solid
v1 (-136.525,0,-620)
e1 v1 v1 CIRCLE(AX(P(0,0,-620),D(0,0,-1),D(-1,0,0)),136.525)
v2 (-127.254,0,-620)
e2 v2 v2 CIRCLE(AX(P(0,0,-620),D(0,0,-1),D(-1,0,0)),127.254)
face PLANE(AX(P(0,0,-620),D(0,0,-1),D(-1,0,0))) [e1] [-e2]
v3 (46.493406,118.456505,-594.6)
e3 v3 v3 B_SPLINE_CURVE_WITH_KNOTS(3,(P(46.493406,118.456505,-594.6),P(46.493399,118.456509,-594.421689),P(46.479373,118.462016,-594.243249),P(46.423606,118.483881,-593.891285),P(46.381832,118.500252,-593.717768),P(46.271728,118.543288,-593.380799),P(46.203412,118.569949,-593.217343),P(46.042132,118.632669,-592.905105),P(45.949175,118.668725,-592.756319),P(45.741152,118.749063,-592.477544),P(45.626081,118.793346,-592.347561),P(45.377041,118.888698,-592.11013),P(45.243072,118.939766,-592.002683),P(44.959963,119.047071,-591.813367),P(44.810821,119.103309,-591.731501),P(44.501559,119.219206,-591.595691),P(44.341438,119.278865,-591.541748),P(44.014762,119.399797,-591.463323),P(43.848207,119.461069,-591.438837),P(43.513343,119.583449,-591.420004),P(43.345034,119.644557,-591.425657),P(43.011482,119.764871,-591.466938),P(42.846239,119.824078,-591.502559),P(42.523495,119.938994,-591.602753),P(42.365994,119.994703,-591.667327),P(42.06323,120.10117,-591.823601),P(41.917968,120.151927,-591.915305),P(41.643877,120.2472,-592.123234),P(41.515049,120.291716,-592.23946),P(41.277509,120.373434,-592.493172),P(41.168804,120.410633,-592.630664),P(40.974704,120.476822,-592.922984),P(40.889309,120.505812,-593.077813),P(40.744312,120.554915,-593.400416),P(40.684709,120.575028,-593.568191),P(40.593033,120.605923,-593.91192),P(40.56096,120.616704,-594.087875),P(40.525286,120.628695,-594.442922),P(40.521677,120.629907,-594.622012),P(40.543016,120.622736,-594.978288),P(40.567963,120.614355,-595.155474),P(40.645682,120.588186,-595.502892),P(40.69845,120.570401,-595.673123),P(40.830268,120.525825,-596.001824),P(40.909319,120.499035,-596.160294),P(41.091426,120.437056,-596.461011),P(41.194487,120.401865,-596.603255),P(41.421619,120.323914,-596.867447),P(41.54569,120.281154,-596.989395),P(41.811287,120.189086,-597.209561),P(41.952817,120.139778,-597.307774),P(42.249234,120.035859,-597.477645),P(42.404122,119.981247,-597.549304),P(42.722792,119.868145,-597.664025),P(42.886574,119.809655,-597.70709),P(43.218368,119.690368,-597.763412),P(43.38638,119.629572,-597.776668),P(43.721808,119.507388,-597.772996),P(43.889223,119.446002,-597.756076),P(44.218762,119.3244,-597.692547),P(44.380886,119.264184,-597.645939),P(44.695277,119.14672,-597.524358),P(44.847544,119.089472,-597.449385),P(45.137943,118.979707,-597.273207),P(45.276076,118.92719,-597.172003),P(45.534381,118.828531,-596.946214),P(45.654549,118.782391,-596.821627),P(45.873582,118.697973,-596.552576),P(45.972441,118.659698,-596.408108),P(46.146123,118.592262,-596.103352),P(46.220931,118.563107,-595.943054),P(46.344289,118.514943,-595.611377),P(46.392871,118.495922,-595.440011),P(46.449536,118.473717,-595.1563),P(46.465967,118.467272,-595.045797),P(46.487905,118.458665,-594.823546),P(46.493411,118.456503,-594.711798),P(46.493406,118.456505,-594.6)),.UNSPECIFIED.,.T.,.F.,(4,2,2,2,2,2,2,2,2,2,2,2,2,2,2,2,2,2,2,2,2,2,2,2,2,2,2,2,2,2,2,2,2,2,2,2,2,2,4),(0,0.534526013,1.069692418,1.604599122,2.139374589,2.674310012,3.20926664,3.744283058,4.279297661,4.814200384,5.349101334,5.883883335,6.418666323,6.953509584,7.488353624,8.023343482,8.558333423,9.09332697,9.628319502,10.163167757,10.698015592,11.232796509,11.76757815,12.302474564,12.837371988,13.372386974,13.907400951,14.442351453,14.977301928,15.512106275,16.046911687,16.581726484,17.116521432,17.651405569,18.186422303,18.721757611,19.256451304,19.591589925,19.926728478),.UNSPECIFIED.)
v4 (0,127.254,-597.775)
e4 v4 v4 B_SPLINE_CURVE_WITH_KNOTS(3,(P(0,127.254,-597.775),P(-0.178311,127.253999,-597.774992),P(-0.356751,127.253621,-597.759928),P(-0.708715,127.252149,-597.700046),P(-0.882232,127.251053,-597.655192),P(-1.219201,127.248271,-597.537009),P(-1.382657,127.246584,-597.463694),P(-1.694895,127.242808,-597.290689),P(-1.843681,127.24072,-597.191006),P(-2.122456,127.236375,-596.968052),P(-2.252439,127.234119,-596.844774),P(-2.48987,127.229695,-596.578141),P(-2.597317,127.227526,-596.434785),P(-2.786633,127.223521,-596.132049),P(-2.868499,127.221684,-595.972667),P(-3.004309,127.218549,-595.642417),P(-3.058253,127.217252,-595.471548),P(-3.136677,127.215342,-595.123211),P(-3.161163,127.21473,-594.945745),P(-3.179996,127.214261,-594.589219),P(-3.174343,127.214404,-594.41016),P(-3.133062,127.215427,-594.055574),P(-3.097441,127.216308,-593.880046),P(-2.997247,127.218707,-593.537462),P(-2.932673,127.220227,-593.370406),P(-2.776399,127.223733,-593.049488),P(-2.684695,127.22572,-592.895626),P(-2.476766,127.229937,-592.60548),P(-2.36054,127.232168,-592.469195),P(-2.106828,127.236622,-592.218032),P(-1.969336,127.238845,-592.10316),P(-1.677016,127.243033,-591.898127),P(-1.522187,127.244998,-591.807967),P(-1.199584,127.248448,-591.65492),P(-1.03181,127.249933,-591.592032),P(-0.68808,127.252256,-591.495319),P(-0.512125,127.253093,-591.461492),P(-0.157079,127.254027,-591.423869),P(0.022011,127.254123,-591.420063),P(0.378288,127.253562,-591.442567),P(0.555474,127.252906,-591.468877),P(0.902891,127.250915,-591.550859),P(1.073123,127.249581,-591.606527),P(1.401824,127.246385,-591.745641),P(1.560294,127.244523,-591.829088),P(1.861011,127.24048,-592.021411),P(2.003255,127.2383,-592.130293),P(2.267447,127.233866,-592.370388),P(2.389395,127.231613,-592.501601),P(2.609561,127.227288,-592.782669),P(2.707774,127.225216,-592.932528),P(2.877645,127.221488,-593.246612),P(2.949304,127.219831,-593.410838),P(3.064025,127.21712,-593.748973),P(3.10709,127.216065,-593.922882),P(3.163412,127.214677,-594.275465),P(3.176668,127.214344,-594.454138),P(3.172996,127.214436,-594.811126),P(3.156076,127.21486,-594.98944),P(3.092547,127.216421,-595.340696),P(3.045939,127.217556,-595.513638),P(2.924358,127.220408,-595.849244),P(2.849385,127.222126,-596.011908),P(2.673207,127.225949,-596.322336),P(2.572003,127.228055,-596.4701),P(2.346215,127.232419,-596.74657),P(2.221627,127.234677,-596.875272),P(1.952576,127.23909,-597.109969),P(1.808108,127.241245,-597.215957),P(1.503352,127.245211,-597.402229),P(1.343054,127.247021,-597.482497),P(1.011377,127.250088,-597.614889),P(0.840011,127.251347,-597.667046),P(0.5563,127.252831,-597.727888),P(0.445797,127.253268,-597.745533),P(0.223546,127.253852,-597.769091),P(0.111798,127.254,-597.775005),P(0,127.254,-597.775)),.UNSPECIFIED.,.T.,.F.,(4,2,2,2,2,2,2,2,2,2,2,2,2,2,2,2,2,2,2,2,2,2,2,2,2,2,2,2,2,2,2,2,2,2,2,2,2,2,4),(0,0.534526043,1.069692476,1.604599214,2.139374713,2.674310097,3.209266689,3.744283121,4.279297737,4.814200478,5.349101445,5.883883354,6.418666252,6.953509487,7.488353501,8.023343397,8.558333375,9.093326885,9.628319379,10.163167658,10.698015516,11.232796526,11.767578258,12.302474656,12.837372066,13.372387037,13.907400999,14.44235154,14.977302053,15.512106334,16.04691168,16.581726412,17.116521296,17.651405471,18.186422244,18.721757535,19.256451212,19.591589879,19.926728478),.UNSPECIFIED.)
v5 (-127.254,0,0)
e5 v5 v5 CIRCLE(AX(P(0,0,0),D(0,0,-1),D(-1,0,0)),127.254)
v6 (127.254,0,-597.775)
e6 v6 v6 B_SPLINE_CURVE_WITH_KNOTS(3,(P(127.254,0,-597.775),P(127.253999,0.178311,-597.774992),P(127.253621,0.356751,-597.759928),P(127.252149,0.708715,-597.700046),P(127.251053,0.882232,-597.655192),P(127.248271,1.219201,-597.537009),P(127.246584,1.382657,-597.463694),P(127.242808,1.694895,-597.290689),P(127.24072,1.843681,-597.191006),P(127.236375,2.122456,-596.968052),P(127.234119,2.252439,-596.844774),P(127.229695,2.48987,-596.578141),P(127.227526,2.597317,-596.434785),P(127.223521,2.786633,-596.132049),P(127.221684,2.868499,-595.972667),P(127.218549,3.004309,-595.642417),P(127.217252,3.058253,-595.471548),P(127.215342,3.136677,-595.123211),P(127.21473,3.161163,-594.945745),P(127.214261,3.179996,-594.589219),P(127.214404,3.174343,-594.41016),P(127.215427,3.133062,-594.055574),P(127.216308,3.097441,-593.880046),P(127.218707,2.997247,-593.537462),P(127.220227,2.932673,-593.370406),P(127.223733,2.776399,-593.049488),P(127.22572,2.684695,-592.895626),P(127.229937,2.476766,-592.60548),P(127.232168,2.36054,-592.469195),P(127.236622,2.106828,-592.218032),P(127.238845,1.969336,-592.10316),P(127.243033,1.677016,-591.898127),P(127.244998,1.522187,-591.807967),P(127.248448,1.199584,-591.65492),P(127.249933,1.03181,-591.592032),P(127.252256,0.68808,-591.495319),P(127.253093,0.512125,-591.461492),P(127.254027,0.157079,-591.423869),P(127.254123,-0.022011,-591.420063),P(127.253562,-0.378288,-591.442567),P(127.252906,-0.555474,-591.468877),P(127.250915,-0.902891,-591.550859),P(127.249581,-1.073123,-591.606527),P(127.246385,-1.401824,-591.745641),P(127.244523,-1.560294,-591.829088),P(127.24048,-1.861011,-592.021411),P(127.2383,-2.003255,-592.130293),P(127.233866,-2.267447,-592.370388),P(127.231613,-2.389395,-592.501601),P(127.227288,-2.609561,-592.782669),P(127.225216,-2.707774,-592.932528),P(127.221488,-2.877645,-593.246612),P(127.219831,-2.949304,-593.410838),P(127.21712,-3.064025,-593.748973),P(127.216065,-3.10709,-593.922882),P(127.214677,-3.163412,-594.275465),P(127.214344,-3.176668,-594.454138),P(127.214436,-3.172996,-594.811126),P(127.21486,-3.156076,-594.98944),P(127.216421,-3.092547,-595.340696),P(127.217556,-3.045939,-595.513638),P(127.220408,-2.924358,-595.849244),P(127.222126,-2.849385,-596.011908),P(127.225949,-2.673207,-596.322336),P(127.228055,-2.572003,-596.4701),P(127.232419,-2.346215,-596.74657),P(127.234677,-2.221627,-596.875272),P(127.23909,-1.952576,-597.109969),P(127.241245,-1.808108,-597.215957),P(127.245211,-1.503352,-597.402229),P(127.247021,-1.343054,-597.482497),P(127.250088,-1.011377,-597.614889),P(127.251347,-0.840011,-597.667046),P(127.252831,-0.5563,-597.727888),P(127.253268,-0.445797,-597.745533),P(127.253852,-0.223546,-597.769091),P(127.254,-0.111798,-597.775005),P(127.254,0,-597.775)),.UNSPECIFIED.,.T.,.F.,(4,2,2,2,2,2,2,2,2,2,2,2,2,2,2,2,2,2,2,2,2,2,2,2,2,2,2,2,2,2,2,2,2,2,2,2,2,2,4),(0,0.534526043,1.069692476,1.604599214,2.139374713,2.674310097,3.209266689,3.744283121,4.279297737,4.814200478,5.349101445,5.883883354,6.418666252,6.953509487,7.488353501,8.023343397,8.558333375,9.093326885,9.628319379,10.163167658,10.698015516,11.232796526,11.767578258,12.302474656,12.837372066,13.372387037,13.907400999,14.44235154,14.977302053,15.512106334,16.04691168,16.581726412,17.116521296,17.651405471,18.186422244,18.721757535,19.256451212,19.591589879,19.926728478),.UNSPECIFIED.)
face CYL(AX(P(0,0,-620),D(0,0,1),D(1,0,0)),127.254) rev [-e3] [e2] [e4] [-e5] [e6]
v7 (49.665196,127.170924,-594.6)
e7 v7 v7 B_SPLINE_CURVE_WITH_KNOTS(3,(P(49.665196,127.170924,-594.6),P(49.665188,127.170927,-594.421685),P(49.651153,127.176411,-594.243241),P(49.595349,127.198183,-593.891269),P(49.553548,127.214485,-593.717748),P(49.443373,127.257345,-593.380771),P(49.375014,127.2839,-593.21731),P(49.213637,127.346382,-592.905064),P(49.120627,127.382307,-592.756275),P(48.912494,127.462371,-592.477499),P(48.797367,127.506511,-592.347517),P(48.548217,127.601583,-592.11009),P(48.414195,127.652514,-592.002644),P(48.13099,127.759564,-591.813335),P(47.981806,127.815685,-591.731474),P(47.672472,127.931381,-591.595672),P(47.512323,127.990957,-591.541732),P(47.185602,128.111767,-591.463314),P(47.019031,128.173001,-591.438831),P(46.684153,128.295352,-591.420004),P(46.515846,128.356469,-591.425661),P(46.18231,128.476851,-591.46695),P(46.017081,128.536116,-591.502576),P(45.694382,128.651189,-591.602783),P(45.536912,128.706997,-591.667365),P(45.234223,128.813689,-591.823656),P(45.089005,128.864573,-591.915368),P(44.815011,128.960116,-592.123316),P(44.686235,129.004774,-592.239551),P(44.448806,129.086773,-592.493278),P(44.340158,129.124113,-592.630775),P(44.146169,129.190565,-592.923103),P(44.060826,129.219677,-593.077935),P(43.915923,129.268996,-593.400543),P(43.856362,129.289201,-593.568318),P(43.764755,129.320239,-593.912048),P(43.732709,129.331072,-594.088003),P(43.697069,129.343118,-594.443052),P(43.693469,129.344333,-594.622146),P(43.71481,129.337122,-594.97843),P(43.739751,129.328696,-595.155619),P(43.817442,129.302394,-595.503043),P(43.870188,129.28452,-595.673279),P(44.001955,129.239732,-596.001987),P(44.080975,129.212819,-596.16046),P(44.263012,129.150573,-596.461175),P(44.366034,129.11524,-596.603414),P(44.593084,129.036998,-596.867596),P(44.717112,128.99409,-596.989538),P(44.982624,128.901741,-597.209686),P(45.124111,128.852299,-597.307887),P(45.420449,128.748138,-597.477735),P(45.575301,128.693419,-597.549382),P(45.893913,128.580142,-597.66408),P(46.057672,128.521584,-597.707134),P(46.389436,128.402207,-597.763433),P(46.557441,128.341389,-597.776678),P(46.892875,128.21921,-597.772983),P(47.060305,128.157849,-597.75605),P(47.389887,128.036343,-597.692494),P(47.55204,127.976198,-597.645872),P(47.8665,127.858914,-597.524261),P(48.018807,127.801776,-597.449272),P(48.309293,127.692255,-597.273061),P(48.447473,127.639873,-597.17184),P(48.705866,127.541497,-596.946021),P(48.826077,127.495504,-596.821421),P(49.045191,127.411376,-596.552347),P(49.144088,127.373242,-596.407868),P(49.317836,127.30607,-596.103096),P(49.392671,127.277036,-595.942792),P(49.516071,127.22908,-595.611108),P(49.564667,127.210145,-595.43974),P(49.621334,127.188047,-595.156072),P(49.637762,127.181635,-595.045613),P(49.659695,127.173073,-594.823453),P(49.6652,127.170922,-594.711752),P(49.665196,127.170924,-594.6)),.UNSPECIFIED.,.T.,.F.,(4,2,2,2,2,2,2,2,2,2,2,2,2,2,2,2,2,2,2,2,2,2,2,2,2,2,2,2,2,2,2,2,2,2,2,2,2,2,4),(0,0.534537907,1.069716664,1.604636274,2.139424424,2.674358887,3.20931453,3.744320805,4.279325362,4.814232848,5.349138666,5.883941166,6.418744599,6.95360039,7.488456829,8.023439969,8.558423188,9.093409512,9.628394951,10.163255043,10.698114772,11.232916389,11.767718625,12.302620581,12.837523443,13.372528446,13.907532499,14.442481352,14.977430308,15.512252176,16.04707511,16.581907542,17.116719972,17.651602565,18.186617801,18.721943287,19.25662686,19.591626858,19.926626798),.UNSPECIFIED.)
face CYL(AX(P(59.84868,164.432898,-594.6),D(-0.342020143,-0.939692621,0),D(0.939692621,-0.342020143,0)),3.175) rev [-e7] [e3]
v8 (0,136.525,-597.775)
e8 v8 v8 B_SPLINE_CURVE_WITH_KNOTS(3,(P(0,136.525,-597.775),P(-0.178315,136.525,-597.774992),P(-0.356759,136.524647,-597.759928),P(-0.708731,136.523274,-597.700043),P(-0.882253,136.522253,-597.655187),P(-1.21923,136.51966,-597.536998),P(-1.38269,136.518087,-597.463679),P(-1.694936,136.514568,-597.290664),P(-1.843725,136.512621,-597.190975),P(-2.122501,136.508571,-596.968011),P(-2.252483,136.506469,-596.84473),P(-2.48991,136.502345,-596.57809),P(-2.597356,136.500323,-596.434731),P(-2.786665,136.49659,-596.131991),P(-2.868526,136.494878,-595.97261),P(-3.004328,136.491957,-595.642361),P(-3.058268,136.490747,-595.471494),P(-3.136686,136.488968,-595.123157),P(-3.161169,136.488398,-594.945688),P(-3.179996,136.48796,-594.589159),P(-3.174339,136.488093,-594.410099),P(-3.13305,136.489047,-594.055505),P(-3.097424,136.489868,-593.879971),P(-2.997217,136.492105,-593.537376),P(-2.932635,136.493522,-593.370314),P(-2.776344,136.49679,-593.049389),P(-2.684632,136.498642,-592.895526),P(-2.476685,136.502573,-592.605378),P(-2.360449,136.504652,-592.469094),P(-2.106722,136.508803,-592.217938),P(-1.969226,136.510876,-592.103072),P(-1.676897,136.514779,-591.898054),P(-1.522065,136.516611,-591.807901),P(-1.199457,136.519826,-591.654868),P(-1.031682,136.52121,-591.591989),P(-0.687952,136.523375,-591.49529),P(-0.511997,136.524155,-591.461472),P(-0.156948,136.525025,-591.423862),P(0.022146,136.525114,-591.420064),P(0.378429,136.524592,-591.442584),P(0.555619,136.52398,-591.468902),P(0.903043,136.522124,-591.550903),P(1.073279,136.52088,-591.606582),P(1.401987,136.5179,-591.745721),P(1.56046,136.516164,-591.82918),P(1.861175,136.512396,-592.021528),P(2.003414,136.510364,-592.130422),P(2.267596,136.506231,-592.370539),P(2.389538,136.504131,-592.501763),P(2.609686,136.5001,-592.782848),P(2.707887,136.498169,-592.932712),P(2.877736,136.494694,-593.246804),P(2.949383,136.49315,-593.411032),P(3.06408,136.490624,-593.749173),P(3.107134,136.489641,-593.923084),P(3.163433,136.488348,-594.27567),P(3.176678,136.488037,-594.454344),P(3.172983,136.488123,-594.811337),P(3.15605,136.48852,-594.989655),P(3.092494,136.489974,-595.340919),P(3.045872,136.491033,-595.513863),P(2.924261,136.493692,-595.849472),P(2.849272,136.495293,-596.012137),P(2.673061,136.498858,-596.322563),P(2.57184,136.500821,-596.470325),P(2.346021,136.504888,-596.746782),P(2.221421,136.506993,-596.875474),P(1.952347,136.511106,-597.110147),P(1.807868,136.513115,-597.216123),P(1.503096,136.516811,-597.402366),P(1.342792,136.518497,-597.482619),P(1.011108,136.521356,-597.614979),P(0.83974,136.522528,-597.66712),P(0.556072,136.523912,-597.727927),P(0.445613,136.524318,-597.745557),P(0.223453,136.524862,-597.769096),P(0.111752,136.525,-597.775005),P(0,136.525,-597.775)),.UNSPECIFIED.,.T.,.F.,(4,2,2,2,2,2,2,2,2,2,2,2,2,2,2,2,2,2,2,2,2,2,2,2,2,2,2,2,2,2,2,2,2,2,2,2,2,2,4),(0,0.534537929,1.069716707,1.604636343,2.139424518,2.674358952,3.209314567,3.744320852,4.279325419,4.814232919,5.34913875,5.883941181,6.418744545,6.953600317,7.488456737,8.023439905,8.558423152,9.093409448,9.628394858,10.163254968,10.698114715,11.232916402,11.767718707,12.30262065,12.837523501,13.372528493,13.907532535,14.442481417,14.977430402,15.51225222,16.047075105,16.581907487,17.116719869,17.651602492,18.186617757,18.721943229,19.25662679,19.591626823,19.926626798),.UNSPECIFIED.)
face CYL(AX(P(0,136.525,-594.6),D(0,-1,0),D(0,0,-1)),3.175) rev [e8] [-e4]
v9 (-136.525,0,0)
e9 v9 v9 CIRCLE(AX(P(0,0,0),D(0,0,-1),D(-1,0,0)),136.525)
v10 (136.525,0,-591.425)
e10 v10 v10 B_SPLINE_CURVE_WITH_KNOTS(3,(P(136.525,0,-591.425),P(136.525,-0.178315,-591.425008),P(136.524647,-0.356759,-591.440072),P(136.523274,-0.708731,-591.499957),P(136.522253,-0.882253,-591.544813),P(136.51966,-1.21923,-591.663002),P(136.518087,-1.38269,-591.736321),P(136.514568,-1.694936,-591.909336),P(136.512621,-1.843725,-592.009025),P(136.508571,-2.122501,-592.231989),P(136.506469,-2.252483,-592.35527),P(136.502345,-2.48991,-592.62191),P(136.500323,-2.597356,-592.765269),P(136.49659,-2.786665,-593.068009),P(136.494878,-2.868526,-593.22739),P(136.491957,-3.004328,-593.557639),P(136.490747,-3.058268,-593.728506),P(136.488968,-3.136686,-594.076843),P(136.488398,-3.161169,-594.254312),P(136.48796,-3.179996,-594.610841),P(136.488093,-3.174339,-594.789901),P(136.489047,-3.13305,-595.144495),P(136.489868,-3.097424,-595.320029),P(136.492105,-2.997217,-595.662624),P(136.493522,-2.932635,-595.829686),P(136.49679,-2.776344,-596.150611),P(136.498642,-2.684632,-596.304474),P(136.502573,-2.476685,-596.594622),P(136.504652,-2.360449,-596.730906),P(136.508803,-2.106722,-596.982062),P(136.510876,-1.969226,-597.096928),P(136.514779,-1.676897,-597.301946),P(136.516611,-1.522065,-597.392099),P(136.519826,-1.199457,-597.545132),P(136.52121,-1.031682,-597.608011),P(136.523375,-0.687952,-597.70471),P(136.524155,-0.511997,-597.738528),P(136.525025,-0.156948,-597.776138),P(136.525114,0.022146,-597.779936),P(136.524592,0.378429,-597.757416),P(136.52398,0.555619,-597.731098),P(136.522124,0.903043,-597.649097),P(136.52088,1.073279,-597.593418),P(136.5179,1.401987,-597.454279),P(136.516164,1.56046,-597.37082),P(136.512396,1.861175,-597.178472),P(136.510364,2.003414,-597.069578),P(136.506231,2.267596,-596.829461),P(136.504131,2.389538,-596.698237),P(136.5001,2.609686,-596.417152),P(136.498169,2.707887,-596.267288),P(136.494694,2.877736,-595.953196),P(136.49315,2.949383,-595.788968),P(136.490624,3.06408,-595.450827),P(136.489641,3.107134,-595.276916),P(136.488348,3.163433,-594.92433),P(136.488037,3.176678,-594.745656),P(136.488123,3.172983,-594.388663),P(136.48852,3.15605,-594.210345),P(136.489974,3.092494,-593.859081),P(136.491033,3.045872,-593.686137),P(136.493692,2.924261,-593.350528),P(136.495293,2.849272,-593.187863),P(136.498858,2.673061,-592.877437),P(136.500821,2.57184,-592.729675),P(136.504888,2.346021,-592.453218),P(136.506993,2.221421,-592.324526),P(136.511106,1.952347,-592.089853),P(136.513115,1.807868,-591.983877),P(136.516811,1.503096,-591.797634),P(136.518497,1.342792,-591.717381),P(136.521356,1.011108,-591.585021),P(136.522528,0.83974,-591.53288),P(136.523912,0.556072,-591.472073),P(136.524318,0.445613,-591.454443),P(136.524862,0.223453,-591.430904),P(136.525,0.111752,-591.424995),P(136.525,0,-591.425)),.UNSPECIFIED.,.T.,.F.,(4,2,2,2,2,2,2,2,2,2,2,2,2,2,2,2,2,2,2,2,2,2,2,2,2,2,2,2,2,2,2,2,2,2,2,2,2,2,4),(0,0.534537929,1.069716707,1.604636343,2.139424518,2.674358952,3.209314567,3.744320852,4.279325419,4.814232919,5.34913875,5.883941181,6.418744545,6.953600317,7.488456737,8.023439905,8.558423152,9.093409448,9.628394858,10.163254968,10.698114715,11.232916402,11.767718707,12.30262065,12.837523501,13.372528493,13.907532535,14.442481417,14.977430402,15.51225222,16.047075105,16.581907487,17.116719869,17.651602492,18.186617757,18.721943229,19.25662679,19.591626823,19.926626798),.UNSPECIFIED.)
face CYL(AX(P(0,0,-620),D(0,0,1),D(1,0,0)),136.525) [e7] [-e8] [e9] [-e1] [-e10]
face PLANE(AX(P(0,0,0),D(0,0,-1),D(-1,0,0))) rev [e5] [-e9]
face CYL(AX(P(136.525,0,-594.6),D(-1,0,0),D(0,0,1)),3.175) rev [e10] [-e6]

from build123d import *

# Parameters (mm, degrees)
SKETCH11_R                    = 136.525
SKETCH11_R_2                  = 127.254
PIPE_STANDARD_S40_P10_1_DEPTH = 620
SKETCH12_R                    = 3.175
CUT_EXTRUDE1_DEPTH            = 650.367500919
SKETCH14_R                    = 3.175
CUT_EXTRUDE2_DEPTH            = 650.367501057
SKETCH15_R                    = 3.175
CUT_EXTRUDE3_DEPTH            = 650.367501057


with BuildPart() as part:
    # Sketch11 → Pipe (standard, s40) P10(1) (new body)
    with BuildSketch(Plane(origin=(0, 0, 0), x_dir=(-1, 0, 0), z_dir=(0, 0, -1))):
        Circle(SKETCH11_R)
        Circle(SKETCH11_R_2, mode=Mode.SUBTRACT)
    extrude(amount=PIPE_STANDARD_S40_P10_1_DEPTH)

    # Sketch12 → Cut-Extrude1 (cut, through all)
    with BuildSketch(Plane(origin=(0, 0, 0), x_dir=(1, 0, 0), z_dir=(0, 1, 0))):
        with Locations(Location((0, 594.6, 0), (0, 0, 90))):
            Circle(SKETCH12_R)
    extrude(amount=CUT_EXTRUDE1_DEPTH, mode=Mode.SUBTRACT)

    # Sketch14 → Cut-Extrude2 (cut, through all)
    with BuildSketch(Plane(origin=(0, 0, 0), x_dir=(0, 0, 1), z_dir=(-0.3420201433256631, -0.9396926207859105, 0))):
        with Locations(Location((-594.6, 0, 0), (0, 0, 270))):
            Circle(SKETCH14_R)
    extrude(amount=-CUT_EXTRUDE2_DEPTH, mode=Mode.SUBTRACT)

    # Sketch15 → Cut-Extrude3 (cut, through all)
    with BuildSketch(Plane(origin=(0, 0, 0), x_dir=(0, 0, -1), z_dir=(1, 0, 0))):
        with Locations(Location((594.6, 0, 0), (0, 0, 180))):
            Circle(SKETCH15_R)
    extrude(amount=CUT_EXTRUDE3_DEPTH, mode=Mode.SUBTRACT)


solid = part.part
